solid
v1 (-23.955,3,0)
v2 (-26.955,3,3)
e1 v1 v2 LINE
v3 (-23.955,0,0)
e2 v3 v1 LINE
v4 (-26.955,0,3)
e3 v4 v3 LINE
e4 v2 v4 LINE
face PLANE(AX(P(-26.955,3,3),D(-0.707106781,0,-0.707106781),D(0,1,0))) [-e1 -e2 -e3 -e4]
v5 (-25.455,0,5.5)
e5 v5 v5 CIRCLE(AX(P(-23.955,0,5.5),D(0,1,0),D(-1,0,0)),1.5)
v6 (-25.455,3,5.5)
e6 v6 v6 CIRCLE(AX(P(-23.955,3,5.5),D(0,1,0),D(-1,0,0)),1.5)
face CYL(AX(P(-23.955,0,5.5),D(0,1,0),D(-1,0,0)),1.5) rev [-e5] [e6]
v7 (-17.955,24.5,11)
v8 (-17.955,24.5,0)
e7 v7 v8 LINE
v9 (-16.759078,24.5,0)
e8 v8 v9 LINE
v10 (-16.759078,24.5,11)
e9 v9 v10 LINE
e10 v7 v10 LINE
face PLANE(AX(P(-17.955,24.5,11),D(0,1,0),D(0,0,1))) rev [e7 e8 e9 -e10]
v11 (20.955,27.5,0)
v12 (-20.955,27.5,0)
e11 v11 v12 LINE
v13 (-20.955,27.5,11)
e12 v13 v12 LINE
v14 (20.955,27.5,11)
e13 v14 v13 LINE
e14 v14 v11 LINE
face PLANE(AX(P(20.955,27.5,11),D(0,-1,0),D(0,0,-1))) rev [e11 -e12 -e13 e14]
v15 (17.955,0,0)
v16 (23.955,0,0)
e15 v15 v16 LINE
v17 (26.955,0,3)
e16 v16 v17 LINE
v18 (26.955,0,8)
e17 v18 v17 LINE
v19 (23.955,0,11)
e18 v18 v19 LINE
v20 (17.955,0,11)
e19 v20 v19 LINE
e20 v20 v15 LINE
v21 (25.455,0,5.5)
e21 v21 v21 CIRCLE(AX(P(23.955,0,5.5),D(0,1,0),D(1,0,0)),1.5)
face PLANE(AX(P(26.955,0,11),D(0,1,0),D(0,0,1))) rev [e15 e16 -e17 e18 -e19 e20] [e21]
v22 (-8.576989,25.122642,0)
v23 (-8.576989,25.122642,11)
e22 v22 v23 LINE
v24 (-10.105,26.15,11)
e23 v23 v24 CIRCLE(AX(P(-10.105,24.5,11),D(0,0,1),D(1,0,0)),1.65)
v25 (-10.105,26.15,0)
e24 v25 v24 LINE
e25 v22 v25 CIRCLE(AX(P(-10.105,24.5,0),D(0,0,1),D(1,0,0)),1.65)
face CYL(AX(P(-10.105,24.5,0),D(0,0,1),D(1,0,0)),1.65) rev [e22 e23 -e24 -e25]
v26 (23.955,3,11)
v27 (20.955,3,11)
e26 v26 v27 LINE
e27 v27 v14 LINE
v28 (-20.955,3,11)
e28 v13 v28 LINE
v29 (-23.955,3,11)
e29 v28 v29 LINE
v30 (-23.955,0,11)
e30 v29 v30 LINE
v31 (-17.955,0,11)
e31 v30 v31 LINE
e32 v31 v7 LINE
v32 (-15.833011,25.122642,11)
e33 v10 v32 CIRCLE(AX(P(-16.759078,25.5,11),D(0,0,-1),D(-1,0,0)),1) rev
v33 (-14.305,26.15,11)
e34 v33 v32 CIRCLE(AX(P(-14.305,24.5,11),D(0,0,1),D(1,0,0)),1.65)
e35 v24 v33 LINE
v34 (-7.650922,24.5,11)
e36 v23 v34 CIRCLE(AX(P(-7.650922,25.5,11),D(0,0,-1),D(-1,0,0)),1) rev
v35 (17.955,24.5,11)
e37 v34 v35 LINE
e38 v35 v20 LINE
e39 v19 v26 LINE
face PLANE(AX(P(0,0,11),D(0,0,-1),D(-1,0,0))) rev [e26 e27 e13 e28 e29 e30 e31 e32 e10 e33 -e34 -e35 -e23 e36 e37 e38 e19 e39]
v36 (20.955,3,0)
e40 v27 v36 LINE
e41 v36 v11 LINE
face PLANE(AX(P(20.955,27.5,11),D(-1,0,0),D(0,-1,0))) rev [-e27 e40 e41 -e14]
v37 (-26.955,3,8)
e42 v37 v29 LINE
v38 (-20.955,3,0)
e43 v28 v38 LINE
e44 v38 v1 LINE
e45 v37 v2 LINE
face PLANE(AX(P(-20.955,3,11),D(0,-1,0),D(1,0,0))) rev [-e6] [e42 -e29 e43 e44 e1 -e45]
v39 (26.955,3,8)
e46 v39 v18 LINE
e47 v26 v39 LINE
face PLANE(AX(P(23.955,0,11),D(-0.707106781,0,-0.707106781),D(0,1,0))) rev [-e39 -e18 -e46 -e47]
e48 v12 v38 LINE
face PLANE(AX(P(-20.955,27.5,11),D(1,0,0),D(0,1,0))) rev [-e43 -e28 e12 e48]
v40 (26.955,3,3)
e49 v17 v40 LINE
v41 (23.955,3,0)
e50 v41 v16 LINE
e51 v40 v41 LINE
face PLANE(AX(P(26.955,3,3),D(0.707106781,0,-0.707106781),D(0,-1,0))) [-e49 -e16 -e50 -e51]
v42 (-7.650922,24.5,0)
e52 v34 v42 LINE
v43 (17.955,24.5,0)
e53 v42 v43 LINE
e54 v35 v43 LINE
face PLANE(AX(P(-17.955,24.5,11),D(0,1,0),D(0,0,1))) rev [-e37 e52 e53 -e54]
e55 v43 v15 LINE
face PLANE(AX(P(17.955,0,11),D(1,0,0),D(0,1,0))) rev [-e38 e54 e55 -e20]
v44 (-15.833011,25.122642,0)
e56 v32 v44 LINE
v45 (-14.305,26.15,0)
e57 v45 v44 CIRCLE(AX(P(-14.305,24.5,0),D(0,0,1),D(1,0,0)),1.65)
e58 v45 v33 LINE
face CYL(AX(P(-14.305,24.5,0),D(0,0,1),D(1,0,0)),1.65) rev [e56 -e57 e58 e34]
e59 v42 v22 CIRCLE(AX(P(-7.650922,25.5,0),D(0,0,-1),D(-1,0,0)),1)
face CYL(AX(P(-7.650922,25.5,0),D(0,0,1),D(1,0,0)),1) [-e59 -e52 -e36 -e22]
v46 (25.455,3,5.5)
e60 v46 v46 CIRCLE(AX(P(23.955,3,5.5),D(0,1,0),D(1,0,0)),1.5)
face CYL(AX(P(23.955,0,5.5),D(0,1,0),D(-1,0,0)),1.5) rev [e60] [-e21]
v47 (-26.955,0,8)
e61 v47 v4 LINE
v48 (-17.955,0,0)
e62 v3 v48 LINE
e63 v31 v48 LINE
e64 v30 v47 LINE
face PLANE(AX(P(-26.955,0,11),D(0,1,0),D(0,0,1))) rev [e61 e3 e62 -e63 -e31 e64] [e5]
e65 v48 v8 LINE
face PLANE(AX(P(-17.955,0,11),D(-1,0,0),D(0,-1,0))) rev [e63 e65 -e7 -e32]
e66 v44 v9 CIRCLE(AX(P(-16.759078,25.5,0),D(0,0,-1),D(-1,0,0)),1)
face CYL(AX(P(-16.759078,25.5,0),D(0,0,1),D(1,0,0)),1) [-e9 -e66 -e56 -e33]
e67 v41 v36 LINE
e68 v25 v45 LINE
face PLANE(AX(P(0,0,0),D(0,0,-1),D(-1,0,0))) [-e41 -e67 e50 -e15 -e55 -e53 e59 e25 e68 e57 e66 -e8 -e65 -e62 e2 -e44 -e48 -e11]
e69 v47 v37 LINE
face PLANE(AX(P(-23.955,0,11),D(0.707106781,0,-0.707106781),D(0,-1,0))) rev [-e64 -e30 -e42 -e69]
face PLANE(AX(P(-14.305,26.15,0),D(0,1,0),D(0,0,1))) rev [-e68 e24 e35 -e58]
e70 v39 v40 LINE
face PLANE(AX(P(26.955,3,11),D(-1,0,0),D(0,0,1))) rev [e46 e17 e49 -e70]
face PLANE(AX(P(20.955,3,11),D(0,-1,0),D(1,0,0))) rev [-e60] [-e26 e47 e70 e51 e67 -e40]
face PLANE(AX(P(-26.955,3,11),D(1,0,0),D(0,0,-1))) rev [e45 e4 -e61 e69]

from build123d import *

# Parameters (mm, degrees)
BOSS_EXTRUDE1_DEPTH = 11
CHAMFER1_SIZE       = 3
SKETCH2_R           = 1.5
CUT_EXTRUDE1_DEPTH  = 39.050256569
CUT_EXTRUDE2_DEPTH  = 41.047746816
FILLET1_R           = 1


with BuildPart() as part:
    # Sketch1 → Boss-Extrude1 (new body)
    with BuildSketch(Plane.XY):
        Polygon((-26.955, 0), (-17.955, 0), (-17.955, 24.5), (17.955, 24.5), (17.955, 0), (26.955, 0), (26.955, 3), (20.955, 3), (20.955, 27.5), (-20.955, 27.5), (-20.955, 3), (-26.955, 3), align=None)
    extrude(amount=BOSS_EXTRUDE1_DEPTH)

    # Chamfer1
    chamfer1_edges = [part.edges().sort_by_distance(p)[0] for p in [
        (-26.955, 1.5, 0),
        (26.955, 1.5, 0),
        (26.955, 1.5, 11),
        (-26.955, 1.5, 11),
    ]]
    chamfer(chamfer1_edges, length=CHAMFER1_SIZE)

    # Sketch2 → Cut-Extrude1 (cut, through all)
    with BuildSketch(Plane(origin=(0, 3, 0), x_dir=(1, 0, 0), z_dir=(0, 1, 0))):
        with Locations(Location((-23.955, -5.5, 0), (0, 0, 180))):
            Circle(SKETCH2_R)
        with Locations((23.955, -5.5)):
            Circle(SKETCH2_R)
    extrude(amount=-CUT_EXTRUDE1_DEPTH, mode=Mode.SUBTRACT)

    # Sketch3 → Cut-Extrude2 (cut, through all)
    with BuildSketch(Plane.XY.offset(11)):
        with BuildLine():
            Line((-14.305, 26.15), (-10.105, 26.15))
            ThreePointArc((-10.105, 26.15), (-8.455, 24.5), (-10.105, 22.85))
            Line((-10.105, 22.85), (-14.305, 22.85))
            ThreePointArc((-14.305, 22.85), (-15.955, 24.5), (-14.305, 26.15))
        make_face()
    extrude(amount=-CUT_EXTRUDE2_DEPTH, mode=Mode.SUBTRACT)

    # Fillet1
    fillet1_edges = [part.edges().sort_by_distance(p)[0] for p in [
        (-15.955, 24.5, 5.5),
        (-8.455, 24.5, 5.5),
    ]]
    fillet(fillet1_edges, radius=FILLET1_R)


solid = part.part
